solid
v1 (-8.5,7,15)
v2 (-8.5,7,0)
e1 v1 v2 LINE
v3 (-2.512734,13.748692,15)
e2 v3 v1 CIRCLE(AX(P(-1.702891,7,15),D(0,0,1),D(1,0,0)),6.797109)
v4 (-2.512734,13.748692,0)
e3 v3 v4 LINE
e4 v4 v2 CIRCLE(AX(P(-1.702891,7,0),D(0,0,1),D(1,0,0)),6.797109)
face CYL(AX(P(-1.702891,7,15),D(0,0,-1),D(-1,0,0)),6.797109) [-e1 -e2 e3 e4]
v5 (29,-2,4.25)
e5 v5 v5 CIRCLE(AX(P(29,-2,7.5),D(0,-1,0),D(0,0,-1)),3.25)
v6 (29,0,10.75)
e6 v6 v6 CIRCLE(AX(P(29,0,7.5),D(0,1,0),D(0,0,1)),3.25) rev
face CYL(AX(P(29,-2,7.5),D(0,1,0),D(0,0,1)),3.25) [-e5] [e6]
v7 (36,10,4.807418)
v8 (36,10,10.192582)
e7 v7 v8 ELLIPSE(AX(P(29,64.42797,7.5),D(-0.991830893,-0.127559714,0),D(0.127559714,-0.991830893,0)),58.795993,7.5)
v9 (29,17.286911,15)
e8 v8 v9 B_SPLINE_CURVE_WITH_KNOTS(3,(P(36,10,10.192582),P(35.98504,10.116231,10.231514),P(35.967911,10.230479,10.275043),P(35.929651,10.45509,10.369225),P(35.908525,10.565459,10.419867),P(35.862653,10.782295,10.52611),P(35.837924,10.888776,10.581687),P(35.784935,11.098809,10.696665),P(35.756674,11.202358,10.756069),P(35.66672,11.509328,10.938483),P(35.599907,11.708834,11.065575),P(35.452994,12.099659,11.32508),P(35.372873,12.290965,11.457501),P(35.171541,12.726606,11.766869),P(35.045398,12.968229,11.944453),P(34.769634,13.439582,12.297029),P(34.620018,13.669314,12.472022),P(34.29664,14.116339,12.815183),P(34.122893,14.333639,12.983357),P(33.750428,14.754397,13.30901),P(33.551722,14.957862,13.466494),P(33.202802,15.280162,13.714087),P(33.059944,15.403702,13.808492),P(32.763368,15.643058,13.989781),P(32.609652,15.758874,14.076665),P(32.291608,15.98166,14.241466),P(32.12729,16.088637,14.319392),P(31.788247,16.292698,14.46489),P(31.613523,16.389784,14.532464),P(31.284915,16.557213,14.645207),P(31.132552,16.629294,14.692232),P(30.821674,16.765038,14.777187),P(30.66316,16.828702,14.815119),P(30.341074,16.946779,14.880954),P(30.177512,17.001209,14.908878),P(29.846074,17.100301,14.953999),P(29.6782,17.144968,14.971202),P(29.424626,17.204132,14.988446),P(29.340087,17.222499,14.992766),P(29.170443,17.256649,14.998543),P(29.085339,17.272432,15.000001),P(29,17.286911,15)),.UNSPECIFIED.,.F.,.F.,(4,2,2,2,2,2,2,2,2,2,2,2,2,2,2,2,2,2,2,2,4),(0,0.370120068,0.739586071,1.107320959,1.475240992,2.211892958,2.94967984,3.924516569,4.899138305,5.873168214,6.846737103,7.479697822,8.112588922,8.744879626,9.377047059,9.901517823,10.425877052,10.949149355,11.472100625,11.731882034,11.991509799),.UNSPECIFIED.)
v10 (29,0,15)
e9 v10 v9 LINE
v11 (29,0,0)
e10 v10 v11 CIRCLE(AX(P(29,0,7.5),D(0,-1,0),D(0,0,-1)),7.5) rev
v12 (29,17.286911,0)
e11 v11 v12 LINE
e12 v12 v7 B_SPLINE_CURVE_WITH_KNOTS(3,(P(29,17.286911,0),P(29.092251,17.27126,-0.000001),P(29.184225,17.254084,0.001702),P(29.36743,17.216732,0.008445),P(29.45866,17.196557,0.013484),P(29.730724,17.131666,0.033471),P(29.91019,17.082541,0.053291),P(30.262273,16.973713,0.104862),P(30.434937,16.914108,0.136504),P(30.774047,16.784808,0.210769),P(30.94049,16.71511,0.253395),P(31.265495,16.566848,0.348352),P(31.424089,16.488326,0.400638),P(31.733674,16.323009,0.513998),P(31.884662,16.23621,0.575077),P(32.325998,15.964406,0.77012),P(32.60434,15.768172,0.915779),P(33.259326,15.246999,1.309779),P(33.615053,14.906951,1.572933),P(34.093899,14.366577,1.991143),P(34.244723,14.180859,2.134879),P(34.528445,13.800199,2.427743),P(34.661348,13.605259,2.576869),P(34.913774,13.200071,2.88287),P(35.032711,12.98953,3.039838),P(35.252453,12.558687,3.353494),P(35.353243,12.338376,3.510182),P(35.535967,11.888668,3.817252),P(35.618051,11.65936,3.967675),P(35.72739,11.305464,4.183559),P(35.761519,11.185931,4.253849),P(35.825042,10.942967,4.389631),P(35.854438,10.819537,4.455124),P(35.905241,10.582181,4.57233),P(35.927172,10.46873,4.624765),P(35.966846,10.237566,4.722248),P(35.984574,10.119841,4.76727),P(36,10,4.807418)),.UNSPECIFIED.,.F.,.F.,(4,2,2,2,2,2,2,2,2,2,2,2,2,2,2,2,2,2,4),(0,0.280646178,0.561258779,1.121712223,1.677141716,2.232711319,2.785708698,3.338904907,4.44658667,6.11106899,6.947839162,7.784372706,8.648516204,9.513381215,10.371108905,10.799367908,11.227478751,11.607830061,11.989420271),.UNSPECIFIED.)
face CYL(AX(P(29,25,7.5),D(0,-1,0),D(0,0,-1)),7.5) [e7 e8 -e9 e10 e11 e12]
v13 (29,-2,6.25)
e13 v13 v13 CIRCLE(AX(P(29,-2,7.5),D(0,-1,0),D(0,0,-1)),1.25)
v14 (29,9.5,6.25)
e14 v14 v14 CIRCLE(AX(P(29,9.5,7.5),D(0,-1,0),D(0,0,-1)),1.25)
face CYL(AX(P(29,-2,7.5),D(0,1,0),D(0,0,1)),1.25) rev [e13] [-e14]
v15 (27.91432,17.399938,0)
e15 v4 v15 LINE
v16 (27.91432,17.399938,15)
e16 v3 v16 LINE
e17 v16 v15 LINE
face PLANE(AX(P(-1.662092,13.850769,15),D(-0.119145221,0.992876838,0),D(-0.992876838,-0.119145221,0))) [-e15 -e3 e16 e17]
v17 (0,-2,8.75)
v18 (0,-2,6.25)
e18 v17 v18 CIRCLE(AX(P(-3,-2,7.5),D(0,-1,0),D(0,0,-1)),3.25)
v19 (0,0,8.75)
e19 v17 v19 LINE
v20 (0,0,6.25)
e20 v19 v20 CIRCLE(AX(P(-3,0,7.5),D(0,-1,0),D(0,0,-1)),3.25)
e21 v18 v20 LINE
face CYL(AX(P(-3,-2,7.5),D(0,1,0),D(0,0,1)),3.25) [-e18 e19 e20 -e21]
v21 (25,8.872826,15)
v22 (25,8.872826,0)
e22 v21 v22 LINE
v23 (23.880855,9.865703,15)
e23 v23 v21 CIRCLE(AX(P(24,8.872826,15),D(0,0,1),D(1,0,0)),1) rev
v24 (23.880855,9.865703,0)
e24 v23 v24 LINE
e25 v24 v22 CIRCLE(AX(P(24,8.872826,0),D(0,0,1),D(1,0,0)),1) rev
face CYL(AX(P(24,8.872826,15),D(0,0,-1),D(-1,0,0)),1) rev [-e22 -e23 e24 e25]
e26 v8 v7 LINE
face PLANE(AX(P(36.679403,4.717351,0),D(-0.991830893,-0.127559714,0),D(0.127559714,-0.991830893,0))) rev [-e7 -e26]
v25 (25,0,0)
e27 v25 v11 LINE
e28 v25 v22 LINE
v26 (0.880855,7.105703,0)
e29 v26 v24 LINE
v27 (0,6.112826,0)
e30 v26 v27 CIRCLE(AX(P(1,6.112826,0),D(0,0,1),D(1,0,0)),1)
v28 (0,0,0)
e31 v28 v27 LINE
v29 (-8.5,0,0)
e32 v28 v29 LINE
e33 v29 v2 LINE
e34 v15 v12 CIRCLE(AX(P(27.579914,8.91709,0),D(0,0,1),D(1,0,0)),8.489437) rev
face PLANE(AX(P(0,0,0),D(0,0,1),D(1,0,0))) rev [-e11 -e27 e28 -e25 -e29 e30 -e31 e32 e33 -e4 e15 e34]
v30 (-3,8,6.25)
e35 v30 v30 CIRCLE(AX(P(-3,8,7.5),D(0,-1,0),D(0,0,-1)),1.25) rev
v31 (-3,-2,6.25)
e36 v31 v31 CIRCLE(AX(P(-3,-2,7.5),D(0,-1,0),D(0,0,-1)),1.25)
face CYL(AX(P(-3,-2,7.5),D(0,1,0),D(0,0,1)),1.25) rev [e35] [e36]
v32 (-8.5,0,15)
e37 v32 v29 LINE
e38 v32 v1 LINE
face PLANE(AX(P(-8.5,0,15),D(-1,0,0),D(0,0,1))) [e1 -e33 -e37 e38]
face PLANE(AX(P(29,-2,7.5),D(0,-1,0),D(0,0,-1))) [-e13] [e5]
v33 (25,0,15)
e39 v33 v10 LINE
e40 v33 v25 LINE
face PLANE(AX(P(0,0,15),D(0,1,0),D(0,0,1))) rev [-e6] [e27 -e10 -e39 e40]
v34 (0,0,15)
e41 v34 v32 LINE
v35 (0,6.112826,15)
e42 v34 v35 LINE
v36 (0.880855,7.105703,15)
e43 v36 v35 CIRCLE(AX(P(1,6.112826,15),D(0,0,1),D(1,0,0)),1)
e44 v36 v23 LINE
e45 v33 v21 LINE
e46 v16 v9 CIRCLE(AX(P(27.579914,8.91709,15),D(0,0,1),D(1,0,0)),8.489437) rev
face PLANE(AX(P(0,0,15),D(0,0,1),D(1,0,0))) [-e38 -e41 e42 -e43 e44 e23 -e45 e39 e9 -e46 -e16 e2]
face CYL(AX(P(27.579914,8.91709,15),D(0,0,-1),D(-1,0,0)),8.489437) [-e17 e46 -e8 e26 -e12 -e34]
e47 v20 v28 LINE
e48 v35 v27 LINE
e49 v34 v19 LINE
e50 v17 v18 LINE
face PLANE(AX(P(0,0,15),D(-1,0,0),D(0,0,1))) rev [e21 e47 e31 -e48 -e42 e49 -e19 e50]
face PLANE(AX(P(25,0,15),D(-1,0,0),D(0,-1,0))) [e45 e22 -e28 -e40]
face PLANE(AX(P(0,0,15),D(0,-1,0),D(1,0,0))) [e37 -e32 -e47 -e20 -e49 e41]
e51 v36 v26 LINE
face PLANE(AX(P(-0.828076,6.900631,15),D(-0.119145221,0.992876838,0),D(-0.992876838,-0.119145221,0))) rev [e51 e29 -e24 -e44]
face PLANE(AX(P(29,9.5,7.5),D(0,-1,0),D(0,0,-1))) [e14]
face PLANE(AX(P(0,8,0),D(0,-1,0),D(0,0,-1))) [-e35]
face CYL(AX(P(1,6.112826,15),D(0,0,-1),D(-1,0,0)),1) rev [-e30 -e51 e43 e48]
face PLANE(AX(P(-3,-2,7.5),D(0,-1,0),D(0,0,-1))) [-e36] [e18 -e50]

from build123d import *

# Parameters (mm, degrees)
BOSS_EXTRUDE2_DEPTH = 15
CUT_EXTRUDE1_DEPTH  = 25
BOSS_EXTRUDE3_DEPTH = 10
CUT_EXTRUDE2_DEPTH  = 15
SKETCH7_R           = 3.25
SKETCH7_R_2         = 1.25
BOSS_EXTRUDE4_DEPTH = 2
SKETCH9_R           = 1.25
CUT_EXTRUDE3_DEPTH  = 10
SKETCH10_R          = 1.25
CUT_EXTRUDE4_DEPTH  = 1.5


with BuildPart() as part:
    # Sketch3 → Boss-Extrude2 (new body)
    with BuildSketch(Plane.XY):
        with BuildLine():
            Line((0, 0), (-8.5, 0))
            Line((-8.5, 0), (-8.5, 7))
            ThreePointArc((-8.5, 7), (-6.787440348, 11.510881004), (-2.512734375, 13.74869173))
            Line((-2.512734375, 13.74869173), (27.914319597, 17.399938206))
            ThreePointArc((27.914319597, 17.399938206), (33.311410485, 15.179716356), (36, 10))
            Line((36, 10), (36, 0))
            Line((36, 0), (25, 0))
            Line((25, 0), (25, 8.872825735))
            ThreePointArc((25, 8.872825735), (24.663647037, 9.620871596), (23.880854779, 9.865702574))
            Line((23.880854779, 9.865702574), (0.880854779, 7.105702574))
            ThreePointArc((0.880854779, 7.105702574), (0.251954139, 6.776472772), (0, 6.112825735))
            Line((0, 6.112825735), (0, 0))
        make_face()
    extrude(amount=BOSS_EXTRUDE2_DEPTH)

    # Sketch4 → Cut-Extrude1 (cut)
    with BuildSketch(Plane.XZ):
        with BuildLine():
            Line((36, 15), (29, 15))
            ThreePointArc((29, 15), (33.245917567, 13.68240924), (36, 10.192582404))
            Line((36, 10.192582404), (36, 15))
        make_face()
        with BuildLine():
            Line((36, 0), (36, 4.807417596))
            ThreePointArc((36, 4.807417596), (33.245917567, 1.31759076), (29, 0))
            Line((29, 0), (36, 0))
        make_face()
    extrude(amount=-CUT_EXTRUDE1_DEPTH, mode=Mode.SUBTRACT)

    # Sketch5 → Boss-Extrude3 (add)
    with BuildSketch(Plane.XZ):
        with BuildLine():
            ThreePointArc((36, 4.807417596), (36.5, 7.5), (36, 10.192582404))
            Line((36, 10.192582404), (36, 4.807417596))
        make_face()
    extrude(amount=-BOSS_EXTRUDE3_DEPTH)

    # Sketch6 → Cut-Extrude2 (cut)
    with BuildSketch(Plane.XY.offset(15)):
        Polygon((36.5, 10), (36, 10), (36.5, 6.112287873), align=None)
    extrude(amount=-CUT_EXTRUDE2_DEPTH, mode=Mode.SUBTRACT)

    # Sketch7 → Boss-Extrude4 (add)
    with BuildSketch(Plane.XZ):
        with Locations((29, 7.5)):
            Circle(SKETCH7_R)
        with Locations((29, 7.5)):
            Circle(SKETCH7_R_2, mode=Mode.SUBTRACT)
        with BuildLine():
            Line((0, 8.75), (0, 6.25))
            ThreePointArc((0, 6.25), (-6.25, 7.5), (0, 8.75))
        make_face()
        with Locations((-3, 7.5)):
            Circle(SKETCH7_R_2, mode=Mode.SUBTRACT)
    extrude(amount=BOSS_EXTRUDE4_DEPTH)

    # Sketch9 → Cut-Extrude3 (cut)
    with BuildSketch(Plane.XZ.offset(2)):
        with Locations((29, 7.5)):
            Circle(SKETCH9_R)
        with Locations((-3, 7.5)):
            Circle(SKETCH9_R)
    extrude(amount=-CUT_EXTRUDE3_DEPTH, mode=Mode.SUBTRACT)

    # Sketch10 → Cut-Extrude4 (cut)
    with BuildSketch(Plane.XZ.offset(-8)):
        with Locations((29, 7.5)):
            Circle(SKETCH10_R)
    extrude(amount=-CUT_EXTRUDE4_DEPTH, mode=Mode.SUBTRACT)


solid = part.part
